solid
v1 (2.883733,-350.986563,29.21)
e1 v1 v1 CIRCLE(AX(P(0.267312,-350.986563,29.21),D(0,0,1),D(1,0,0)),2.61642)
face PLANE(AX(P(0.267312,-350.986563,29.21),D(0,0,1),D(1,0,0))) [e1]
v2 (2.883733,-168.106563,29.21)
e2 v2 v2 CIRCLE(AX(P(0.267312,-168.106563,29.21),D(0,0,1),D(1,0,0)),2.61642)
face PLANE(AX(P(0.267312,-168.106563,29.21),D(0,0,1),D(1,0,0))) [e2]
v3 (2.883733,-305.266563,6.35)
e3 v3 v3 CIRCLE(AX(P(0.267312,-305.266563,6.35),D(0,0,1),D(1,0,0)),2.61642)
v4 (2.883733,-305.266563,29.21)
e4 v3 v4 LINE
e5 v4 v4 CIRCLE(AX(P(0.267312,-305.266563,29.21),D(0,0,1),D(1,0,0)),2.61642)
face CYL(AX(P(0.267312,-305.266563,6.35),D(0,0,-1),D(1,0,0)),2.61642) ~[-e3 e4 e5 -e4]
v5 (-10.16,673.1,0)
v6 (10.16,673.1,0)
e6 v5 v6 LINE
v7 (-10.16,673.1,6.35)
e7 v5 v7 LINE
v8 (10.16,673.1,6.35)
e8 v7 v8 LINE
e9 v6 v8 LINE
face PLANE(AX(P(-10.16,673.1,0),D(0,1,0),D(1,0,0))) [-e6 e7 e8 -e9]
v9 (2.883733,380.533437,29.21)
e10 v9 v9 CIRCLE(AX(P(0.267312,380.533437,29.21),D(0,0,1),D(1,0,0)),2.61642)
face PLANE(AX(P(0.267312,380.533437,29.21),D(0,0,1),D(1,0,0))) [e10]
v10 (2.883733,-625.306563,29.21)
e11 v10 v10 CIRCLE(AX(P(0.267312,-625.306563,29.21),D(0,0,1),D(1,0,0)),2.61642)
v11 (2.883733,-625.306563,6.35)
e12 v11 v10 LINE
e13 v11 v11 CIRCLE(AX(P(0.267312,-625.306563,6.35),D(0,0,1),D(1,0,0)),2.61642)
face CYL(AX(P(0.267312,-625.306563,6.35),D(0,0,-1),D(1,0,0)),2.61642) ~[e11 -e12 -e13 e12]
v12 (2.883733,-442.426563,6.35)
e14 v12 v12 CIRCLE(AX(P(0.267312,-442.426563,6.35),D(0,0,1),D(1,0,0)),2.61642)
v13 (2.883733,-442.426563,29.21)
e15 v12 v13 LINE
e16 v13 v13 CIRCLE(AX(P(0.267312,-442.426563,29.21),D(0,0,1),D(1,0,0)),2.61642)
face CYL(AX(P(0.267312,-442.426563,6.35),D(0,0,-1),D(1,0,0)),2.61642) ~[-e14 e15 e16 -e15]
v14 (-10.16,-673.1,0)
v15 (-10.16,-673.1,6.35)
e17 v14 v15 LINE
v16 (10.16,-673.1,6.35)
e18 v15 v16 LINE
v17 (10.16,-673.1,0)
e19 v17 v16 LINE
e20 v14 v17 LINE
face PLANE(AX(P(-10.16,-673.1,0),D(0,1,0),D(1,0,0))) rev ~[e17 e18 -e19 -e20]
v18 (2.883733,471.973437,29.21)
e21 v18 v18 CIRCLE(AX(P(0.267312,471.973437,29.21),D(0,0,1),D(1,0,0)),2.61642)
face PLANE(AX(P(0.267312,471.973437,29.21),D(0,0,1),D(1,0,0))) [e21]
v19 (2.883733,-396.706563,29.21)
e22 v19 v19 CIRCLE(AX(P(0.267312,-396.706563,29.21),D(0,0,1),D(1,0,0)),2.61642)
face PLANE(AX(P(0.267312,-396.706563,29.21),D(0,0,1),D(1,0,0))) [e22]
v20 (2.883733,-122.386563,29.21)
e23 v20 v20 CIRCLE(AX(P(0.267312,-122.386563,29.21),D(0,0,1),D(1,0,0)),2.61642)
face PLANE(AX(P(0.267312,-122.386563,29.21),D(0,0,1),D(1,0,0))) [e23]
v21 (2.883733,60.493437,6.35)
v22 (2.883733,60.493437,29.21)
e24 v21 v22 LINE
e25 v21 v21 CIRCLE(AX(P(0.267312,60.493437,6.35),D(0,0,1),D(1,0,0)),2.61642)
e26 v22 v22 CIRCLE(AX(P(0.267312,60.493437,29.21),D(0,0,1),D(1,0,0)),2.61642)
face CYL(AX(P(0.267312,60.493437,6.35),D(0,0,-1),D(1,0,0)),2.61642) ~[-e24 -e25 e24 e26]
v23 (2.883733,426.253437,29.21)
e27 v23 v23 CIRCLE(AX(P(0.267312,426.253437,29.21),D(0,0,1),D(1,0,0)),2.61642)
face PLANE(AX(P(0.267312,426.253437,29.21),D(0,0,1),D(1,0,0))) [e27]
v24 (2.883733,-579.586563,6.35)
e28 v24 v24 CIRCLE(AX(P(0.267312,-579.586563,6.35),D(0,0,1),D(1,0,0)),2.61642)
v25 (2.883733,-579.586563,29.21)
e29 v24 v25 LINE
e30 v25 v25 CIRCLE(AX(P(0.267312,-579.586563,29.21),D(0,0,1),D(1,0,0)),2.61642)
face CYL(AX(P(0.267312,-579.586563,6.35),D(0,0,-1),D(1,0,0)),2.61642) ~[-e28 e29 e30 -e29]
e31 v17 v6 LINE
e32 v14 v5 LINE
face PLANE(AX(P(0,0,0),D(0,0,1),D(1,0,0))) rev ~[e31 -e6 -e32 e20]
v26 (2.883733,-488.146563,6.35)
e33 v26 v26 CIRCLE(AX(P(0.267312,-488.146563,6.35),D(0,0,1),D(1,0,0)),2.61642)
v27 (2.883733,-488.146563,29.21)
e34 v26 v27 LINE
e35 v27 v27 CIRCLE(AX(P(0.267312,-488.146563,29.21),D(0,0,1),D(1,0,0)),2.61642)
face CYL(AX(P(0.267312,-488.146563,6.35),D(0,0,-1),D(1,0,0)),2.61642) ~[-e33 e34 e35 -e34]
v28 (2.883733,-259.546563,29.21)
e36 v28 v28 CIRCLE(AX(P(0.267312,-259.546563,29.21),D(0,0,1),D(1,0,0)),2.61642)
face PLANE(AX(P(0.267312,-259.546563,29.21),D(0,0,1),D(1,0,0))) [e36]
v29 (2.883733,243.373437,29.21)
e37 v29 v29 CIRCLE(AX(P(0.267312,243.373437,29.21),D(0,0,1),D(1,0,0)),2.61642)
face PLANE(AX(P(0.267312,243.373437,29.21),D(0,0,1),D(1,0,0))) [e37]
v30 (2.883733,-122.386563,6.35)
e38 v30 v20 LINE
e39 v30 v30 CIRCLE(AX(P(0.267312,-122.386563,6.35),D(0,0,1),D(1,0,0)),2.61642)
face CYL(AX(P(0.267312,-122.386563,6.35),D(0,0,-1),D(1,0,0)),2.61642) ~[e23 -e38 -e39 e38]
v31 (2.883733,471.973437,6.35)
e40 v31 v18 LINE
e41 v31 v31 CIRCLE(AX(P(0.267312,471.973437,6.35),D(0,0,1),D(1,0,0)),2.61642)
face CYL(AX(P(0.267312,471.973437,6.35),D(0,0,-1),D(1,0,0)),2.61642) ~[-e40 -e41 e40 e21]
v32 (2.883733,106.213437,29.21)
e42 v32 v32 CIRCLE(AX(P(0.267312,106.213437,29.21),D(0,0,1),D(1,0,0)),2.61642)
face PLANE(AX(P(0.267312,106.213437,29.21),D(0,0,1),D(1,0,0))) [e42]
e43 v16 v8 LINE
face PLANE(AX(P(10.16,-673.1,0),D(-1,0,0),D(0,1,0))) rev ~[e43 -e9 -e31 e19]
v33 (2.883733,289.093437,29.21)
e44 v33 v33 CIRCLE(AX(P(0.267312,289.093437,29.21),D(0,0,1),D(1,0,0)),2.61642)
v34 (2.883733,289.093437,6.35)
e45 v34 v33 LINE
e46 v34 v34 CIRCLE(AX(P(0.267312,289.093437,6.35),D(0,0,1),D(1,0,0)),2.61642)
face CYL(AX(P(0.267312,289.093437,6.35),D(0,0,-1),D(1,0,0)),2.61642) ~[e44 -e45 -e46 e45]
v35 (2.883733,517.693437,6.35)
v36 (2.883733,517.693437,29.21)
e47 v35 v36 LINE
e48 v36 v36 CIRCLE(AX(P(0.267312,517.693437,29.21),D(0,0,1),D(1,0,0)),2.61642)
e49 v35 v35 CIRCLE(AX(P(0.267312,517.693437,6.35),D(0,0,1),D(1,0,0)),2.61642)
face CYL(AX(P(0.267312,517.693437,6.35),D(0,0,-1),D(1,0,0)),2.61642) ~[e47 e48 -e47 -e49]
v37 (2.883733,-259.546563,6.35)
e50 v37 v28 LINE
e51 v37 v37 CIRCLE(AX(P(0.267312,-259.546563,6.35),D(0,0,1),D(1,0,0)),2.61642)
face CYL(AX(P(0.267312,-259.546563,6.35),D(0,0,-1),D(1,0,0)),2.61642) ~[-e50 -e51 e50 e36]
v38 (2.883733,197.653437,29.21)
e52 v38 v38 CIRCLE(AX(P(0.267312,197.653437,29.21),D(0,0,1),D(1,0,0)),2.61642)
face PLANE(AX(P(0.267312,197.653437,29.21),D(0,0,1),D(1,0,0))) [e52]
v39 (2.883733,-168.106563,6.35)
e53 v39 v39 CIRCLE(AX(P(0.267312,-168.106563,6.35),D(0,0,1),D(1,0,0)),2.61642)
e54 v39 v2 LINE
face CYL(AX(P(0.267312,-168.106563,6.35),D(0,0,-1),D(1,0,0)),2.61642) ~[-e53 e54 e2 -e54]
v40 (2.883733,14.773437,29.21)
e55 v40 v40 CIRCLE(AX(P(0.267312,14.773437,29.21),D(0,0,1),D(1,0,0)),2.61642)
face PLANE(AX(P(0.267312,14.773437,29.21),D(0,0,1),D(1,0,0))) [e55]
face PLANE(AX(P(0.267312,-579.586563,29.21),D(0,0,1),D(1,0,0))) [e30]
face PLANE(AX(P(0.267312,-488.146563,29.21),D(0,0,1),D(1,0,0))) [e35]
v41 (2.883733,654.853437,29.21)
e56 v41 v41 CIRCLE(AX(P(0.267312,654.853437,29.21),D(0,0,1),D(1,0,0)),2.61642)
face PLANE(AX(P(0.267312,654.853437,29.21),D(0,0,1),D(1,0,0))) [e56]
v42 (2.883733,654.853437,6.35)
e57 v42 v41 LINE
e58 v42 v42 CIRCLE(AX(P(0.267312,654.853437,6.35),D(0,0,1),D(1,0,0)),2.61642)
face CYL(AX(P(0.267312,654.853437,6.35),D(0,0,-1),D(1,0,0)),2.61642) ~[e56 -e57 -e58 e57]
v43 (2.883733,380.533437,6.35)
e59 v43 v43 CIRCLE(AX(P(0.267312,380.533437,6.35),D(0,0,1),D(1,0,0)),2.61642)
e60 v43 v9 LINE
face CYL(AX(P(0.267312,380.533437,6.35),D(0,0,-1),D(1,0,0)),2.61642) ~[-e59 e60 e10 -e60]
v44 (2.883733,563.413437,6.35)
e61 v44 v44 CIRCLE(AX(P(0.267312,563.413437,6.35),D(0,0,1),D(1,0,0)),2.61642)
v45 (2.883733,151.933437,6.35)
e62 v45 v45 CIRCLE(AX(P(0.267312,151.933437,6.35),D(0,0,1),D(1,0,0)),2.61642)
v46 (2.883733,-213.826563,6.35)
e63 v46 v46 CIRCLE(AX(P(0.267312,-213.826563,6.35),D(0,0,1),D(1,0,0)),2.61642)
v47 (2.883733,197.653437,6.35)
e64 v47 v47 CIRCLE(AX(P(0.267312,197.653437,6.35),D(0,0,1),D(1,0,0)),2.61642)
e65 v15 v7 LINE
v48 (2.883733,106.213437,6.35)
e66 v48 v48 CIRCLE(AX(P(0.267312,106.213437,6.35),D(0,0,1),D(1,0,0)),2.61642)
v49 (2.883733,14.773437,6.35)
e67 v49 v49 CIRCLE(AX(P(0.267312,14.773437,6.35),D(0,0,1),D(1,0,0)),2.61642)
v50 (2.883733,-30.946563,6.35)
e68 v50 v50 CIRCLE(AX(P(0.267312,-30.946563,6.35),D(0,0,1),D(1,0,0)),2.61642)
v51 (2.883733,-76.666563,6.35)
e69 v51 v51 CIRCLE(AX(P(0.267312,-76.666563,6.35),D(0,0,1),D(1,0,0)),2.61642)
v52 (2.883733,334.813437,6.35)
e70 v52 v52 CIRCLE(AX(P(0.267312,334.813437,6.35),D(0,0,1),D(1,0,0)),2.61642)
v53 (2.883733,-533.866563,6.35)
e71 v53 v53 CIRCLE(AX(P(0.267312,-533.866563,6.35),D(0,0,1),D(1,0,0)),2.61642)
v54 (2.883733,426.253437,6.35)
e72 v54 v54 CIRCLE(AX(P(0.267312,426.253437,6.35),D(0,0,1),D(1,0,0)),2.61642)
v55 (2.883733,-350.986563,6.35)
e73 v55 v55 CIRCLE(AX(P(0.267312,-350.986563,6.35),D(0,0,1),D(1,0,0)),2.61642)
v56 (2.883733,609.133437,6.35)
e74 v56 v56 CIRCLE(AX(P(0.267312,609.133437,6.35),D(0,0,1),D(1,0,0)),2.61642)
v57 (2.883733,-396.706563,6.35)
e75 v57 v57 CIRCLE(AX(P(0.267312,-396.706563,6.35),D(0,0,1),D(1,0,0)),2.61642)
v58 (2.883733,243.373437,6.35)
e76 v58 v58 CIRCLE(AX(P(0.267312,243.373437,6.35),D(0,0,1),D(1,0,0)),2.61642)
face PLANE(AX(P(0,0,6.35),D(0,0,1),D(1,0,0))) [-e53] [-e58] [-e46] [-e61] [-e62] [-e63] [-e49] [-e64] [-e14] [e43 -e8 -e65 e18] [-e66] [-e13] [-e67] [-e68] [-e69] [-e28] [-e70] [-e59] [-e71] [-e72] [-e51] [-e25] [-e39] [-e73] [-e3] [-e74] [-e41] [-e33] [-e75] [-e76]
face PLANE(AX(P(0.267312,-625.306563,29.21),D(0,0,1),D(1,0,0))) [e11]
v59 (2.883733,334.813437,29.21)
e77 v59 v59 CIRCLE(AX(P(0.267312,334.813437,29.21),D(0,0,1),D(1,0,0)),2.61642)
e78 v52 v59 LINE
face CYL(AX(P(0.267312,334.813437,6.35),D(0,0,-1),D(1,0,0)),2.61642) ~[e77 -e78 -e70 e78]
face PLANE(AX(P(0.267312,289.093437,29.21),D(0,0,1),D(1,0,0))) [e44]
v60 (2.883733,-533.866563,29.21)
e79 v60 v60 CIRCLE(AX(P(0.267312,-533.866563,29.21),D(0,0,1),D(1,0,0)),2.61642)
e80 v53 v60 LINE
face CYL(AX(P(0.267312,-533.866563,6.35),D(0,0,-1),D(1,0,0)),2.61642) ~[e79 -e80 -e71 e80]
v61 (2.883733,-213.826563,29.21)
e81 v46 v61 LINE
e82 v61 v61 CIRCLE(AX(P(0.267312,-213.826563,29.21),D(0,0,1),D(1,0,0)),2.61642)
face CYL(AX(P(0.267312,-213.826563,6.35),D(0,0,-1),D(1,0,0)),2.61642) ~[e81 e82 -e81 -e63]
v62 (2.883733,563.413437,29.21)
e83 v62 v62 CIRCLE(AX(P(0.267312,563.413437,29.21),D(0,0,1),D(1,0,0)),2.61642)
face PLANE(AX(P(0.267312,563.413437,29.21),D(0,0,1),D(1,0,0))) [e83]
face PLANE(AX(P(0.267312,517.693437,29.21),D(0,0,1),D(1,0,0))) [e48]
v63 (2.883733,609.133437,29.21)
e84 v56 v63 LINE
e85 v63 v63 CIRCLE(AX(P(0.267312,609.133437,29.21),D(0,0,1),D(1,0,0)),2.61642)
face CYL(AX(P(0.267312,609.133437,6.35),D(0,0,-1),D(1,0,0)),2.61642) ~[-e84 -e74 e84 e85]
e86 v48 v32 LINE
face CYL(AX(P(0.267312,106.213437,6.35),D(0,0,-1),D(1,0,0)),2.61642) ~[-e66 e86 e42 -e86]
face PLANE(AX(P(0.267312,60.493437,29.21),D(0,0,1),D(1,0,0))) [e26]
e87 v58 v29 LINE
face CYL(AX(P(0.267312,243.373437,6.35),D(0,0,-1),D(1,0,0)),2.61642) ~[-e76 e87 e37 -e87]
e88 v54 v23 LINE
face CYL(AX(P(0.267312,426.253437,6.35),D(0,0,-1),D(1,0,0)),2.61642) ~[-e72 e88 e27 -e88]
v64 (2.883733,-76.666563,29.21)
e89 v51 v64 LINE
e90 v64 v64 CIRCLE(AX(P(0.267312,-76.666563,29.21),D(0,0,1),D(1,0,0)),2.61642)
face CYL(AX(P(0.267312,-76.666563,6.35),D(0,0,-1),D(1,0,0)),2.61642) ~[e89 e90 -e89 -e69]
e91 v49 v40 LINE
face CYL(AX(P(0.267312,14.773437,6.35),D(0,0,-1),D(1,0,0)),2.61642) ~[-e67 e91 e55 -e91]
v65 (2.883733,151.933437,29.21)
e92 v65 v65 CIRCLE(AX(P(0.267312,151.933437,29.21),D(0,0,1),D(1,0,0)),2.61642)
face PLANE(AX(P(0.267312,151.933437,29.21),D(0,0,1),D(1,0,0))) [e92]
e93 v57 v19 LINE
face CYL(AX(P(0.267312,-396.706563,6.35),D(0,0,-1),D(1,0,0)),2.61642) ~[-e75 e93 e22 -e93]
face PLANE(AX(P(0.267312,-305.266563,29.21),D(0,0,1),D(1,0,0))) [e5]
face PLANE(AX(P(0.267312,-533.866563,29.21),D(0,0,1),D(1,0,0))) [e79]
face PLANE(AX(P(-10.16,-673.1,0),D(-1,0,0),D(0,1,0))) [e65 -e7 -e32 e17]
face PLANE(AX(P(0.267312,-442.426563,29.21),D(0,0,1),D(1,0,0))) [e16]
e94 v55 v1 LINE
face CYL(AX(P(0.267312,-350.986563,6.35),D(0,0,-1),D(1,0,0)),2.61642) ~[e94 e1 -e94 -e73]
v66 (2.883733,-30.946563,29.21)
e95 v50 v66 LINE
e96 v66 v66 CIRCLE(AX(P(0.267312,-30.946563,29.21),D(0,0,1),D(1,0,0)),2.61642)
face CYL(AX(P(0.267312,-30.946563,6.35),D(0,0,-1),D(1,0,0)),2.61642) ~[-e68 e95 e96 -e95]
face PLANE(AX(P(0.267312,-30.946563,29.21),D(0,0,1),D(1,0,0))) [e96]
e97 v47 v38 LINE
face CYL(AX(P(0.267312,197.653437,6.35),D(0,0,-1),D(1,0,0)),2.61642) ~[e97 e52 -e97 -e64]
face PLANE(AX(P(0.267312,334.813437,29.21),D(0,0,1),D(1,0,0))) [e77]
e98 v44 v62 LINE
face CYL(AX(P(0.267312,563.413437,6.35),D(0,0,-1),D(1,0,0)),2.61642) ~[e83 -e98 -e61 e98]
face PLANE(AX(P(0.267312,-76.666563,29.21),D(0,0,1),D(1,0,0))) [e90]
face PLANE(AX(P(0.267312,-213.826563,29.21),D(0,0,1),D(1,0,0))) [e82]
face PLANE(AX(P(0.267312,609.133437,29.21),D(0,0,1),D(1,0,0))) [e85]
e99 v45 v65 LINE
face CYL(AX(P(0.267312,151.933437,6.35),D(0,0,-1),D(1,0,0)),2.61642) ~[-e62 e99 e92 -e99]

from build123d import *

# Parameters (mm, degrees)
SKETCH2_W           = 20.32
SKETCH2_H           = 1346.2
BOSS_EXTRUDE1_DEPTH = 6.35
SKETCH3_R           = 2.616420472
BOSS_EXTRUDE2_DEPTH = 22.86


with BuildPart() as part:
    # Sketch2 → Boss-Extrude1 (new body)
    with BuildSketch(Plane.XY):
        Rectangle(SKETCH2_W, SKETCH2_H)
    extrude(amount=BOSS_EXTRUDE1_DEPTH)

    # Sketch3 → Boss-Extrude2 (add)
    with BuildSketch(Plane.XY.offset(6.35)):
        with Locations((0.267312354, 654.853436839)):
            Circle(SKETCH3_R)
        with Locations((0.267312354, 609.133436839)):
            Circle(SKETCH3_R)
        with Locations((0.267312354, 563.413436839)):
            Circle(SKETCH3_R)
        with Locations((0.267312354, 517.693436839)):
            Circle(SKETCH3_R)
        with Locations((0.267312354, 471.973436839)):
            Circle(SKETCH3_R)
        with Locations((0.267312354, 426.253436839)):
            Circle(SKETCH3_R)
        with Locations((0.267312354, 380.533436839)):
            Circle(SKETCH3_R)
        with Locations((0.267312354, 334.813436839)):
            Circle(SKETCH3_R)
        with Locations((0.267312354, 289.093436839)):
            Circle(SKETCH3_R)
        with Locations((0.267312354, 243.373436839)):
            Circle(SKETCH3_R)
        with Locations((0.267312354, 197.653436839)):
            Circle(SKETCH3_R)
        with Locations((0.267312354, 151.933436839)):
            Circle(SKETCH3_R)
        with Locations((0.267312354, 106.213436839)):
            Circle(SKETCH3_R)
        with Locations((0.267312354, 60.493436839)):
            Circle(SKETCH3_R)
        with Locations((0.267312354, 14.773436839)):
            Circle(SKETCH3_R)
        with Locations((0.267312354, -30.946563161)):
            Circle(SKETCH3_R)
        with Locations((0.267312354, -76.666563161)):
            Circle(SKETCH3_R)
        with Locations((0.267312354, -122.386563161)):
            Circle(SKETCH3_R)
        with Locations((0.267312354, -168.106563161)):
            Circle(SKETCH3_R)
        with Locations((0.267312354, -213.826563161)):
            Circle(SKETCH3_R)
        with Locations((0.267312354, -259.546563161)):
            Circle(SKETCH3_R)
        with Locations((0.267312354, -305.266563161)):
            Circle(SKETCH3_R)
        with Locations((0.267312354, -350.986563161)):
            Circle(SKETCH3_R)
        with Locations((0.267312354, -396.706563161)):
            Circle(SKETCH3_R)
        with Locations((0.267312354, -442.426563161)):
            Circle(SKETCH3_R)
        with Locations((0.267312354, -488.146563161)):
            Circle(SKETCH3_R)
        with Locations((0.267312354, -533.866563161)):
            Circle(SKETCH3_R)
        with Locations((0.267312354, -579.586563161)):
            Circle(SKETCH3_R)
        with Locations((0.267312354, -625.306563161)):
            Circle(SKETCH3_R)
    extrude(amount=BOSS_EXTRUDE2_DEPTH)


solid = part.part
